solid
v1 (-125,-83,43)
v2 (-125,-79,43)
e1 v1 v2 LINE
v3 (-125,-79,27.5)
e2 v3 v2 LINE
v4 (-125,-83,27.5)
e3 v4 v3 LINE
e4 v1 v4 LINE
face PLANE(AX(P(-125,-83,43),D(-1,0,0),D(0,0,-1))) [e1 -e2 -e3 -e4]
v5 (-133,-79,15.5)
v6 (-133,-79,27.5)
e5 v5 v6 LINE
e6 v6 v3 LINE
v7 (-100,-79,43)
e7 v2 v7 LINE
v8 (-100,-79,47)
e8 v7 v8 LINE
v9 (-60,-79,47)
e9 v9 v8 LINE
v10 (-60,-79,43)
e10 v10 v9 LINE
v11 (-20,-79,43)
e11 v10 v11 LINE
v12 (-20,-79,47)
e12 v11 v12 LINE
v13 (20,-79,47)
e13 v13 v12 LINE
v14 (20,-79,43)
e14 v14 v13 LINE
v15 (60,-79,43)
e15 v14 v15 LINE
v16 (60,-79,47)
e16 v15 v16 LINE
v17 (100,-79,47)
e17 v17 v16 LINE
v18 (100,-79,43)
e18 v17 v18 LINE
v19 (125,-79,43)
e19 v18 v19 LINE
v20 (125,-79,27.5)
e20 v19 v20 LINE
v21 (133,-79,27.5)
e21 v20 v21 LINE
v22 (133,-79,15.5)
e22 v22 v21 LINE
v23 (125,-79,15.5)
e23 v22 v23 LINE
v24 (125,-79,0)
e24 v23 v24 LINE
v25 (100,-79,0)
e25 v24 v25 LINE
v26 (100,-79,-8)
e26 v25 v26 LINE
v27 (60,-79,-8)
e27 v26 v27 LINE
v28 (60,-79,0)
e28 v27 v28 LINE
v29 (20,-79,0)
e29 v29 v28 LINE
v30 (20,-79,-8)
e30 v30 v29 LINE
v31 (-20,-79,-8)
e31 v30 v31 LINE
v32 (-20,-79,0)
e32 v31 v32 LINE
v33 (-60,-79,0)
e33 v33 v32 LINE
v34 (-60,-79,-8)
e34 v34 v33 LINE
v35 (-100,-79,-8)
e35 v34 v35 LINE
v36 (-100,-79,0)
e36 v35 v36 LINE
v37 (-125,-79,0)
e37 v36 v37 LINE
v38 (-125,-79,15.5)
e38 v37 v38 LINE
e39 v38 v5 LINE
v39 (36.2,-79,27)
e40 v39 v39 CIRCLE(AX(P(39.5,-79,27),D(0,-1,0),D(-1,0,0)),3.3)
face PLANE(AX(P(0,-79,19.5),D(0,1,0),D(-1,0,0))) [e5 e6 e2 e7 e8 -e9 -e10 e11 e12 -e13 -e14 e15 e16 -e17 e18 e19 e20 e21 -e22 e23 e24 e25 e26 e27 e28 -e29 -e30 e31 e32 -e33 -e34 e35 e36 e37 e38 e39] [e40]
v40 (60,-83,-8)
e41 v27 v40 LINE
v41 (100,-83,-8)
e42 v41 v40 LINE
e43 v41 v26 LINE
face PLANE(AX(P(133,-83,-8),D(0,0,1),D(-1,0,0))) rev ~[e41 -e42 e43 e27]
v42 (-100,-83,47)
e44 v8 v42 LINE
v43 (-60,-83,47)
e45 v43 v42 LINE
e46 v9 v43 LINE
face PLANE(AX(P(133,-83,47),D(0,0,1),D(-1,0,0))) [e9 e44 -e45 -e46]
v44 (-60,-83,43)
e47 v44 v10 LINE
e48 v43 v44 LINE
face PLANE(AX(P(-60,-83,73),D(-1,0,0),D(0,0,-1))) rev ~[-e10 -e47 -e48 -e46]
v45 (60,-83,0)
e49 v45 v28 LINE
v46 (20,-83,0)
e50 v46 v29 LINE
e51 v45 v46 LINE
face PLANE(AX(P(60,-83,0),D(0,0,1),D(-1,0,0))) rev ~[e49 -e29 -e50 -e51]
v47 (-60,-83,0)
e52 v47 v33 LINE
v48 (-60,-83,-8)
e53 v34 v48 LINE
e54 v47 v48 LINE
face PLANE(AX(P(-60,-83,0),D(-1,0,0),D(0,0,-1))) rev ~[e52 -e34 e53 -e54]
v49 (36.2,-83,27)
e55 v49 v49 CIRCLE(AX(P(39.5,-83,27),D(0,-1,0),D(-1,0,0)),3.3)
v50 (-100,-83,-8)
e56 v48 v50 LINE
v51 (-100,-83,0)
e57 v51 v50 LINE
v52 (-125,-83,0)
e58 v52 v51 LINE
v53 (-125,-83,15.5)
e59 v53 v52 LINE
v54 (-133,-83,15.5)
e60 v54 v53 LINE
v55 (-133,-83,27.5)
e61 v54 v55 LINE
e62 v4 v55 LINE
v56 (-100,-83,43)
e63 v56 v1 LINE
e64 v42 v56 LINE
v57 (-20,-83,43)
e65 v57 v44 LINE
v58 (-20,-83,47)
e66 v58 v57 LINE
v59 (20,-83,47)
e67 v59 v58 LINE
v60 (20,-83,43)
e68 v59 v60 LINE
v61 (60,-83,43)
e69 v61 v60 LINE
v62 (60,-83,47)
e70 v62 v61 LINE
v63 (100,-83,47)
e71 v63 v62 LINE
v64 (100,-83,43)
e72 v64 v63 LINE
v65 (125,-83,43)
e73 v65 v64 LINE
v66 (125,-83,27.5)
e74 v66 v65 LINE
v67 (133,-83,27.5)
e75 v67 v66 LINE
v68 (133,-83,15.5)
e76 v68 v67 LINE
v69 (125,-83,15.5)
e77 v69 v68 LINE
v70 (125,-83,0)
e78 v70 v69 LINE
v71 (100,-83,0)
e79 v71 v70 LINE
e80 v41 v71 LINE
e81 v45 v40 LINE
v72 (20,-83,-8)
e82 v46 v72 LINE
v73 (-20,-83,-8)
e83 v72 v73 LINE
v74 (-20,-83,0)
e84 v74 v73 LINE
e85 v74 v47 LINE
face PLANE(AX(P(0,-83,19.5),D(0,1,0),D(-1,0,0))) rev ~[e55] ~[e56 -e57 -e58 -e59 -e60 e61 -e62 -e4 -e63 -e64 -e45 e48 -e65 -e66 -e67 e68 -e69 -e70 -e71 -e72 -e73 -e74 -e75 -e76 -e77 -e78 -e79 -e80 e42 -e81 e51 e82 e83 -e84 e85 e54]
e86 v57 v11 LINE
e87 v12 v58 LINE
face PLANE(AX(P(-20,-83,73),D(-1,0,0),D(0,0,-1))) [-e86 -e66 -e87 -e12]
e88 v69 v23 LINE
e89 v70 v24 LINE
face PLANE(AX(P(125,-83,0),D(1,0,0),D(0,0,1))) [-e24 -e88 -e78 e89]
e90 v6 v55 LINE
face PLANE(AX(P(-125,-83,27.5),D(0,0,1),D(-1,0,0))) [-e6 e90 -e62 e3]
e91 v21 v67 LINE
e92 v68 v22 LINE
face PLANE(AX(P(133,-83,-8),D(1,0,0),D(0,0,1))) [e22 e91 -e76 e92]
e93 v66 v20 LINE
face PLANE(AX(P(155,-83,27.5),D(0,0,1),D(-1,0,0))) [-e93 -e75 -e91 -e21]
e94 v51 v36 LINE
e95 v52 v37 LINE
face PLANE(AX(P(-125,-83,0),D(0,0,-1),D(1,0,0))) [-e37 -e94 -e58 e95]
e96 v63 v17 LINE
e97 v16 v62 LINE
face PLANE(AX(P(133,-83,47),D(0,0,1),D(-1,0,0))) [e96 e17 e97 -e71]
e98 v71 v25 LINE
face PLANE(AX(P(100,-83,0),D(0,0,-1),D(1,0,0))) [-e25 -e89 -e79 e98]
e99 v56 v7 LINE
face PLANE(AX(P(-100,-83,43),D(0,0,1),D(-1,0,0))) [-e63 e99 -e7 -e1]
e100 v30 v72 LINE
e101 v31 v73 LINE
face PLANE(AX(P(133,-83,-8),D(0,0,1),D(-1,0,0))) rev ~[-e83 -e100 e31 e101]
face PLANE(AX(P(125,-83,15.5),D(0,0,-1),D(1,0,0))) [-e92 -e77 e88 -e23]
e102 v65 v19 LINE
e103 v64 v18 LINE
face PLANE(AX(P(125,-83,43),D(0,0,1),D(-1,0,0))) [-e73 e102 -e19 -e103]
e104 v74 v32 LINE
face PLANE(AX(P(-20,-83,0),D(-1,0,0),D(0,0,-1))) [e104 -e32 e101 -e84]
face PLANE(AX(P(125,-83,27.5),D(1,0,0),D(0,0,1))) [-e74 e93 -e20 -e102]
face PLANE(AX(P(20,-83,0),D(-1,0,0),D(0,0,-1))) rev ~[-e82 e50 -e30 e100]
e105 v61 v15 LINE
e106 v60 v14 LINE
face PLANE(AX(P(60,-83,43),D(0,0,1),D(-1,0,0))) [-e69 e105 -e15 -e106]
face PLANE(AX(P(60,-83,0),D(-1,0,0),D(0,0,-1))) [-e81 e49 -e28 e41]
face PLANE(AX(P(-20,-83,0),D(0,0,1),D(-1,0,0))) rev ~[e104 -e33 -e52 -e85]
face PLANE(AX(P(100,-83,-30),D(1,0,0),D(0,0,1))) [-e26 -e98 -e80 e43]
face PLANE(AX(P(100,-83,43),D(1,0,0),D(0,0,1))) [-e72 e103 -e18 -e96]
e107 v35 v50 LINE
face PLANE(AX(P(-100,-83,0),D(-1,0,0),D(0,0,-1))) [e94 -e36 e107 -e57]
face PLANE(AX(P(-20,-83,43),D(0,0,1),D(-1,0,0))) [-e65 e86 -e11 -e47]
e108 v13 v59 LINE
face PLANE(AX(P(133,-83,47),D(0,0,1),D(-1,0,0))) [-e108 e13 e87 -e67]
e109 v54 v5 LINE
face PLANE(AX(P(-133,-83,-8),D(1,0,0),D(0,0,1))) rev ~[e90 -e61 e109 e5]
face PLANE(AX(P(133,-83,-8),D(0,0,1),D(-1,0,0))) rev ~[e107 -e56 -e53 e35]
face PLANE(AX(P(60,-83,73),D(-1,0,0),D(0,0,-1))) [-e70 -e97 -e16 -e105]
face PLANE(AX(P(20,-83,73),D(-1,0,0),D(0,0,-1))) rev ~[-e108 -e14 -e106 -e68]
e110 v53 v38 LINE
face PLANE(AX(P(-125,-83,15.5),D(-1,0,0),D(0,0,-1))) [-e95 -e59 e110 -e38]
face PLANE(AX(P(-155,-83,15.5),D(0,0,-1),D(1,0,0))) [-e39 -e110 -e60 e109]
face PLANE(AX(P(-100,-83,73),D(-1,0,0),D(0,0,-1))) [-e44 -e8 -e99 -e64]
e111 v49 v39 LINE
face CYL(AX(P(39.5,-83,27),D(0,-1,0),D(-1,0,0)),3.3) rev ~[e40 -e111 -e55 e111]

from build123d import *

# Parameters (mm, degrees)
SKETCH011_W     = 266
SKETCH011_H     = 55
PAD008_DEPTH    = 4
SKETCH021_W     = 40
SKETCH021_H     = 30
POCKET004_DEPTH = 4.001
SKETCH037_R     = 3.3
HOLE002_DEPTH   = 25


with BuildPart() as part:
    # Sketch011 (on DatumPlane) → Pad008 (new body)
    with BuildSketch(Plane(origin=(0, -83, -4), x_dir=(-1, 0, 0), z_dir=(0, 1, 0))):
        with Locations((0, 23.5)):
            Rectangle(SKETCH011_W, SKETCH011_H)
    extrude(amount=PAD008_DEPTH)

    # Sketch021 (on Face5 of Pad008) → Pocket004 (cut, through all)
    with BuildSketch(Plane(origin=(0, -83, -4), x_dir=(-1, 0, 0), z_dir=(0, -1, 0))):
        with Locations((-40, 11)):
            Rectangle(SKETCH021_W, SKETCH021_H)
        with Locations((40, 11)):
            Rectangle(SKETCH021_W, SKETCH021_H)
        Polygon((100, 26), (145, 26), (145, 0.5), (155, 0.5), (155, -19.5), (125, -19.5), (125, -4), (100, -4), align=None)
        Polygon((-145, 26), (-100, 26), (-100, -4), (-125, -4), (-125, -19.5), (-155, -19.5), (-155, 0.5), (-145, 0.5), align=None)
        Polygon((-125, -47), (-100, -47), (-100, -77), (-145, -77), (-145, -51.5), (-155, -51.5), (-155, -31.5), (-125, -31.5), align=None)
        with Locations((-40, -62)):
            Rectangle(SKETCH021_W, SKETCH021_H)
        with Locations((40, -62)):
            Rectangle(SKETCH021_W, SKETCH021_H)
        Polygon((100, -47), (125, -47), (125, -31.5), (155, -31.5), (155, -51.5), (145, -51.5), (145, -77), (100, -77), align=None)
    extrude(amount=-POCKET004_DEPTH, mode=Mode.SUBTRACT)

    # Sketch037 (on Face2 of Pocket004) → Hole002 (cut)
    with BuildSketch(Plane(origin=(0, -83, -4), x_dir=(-1, 0, 0), z_dir=(0, -1, 0))):
        with Locations((-39.5, -31)):
            Circle(SKETCH037_R)
    extrude(amount=-HOLE002_DEPTH, mode=Mode.SUBTRACT)


solid = part.part
